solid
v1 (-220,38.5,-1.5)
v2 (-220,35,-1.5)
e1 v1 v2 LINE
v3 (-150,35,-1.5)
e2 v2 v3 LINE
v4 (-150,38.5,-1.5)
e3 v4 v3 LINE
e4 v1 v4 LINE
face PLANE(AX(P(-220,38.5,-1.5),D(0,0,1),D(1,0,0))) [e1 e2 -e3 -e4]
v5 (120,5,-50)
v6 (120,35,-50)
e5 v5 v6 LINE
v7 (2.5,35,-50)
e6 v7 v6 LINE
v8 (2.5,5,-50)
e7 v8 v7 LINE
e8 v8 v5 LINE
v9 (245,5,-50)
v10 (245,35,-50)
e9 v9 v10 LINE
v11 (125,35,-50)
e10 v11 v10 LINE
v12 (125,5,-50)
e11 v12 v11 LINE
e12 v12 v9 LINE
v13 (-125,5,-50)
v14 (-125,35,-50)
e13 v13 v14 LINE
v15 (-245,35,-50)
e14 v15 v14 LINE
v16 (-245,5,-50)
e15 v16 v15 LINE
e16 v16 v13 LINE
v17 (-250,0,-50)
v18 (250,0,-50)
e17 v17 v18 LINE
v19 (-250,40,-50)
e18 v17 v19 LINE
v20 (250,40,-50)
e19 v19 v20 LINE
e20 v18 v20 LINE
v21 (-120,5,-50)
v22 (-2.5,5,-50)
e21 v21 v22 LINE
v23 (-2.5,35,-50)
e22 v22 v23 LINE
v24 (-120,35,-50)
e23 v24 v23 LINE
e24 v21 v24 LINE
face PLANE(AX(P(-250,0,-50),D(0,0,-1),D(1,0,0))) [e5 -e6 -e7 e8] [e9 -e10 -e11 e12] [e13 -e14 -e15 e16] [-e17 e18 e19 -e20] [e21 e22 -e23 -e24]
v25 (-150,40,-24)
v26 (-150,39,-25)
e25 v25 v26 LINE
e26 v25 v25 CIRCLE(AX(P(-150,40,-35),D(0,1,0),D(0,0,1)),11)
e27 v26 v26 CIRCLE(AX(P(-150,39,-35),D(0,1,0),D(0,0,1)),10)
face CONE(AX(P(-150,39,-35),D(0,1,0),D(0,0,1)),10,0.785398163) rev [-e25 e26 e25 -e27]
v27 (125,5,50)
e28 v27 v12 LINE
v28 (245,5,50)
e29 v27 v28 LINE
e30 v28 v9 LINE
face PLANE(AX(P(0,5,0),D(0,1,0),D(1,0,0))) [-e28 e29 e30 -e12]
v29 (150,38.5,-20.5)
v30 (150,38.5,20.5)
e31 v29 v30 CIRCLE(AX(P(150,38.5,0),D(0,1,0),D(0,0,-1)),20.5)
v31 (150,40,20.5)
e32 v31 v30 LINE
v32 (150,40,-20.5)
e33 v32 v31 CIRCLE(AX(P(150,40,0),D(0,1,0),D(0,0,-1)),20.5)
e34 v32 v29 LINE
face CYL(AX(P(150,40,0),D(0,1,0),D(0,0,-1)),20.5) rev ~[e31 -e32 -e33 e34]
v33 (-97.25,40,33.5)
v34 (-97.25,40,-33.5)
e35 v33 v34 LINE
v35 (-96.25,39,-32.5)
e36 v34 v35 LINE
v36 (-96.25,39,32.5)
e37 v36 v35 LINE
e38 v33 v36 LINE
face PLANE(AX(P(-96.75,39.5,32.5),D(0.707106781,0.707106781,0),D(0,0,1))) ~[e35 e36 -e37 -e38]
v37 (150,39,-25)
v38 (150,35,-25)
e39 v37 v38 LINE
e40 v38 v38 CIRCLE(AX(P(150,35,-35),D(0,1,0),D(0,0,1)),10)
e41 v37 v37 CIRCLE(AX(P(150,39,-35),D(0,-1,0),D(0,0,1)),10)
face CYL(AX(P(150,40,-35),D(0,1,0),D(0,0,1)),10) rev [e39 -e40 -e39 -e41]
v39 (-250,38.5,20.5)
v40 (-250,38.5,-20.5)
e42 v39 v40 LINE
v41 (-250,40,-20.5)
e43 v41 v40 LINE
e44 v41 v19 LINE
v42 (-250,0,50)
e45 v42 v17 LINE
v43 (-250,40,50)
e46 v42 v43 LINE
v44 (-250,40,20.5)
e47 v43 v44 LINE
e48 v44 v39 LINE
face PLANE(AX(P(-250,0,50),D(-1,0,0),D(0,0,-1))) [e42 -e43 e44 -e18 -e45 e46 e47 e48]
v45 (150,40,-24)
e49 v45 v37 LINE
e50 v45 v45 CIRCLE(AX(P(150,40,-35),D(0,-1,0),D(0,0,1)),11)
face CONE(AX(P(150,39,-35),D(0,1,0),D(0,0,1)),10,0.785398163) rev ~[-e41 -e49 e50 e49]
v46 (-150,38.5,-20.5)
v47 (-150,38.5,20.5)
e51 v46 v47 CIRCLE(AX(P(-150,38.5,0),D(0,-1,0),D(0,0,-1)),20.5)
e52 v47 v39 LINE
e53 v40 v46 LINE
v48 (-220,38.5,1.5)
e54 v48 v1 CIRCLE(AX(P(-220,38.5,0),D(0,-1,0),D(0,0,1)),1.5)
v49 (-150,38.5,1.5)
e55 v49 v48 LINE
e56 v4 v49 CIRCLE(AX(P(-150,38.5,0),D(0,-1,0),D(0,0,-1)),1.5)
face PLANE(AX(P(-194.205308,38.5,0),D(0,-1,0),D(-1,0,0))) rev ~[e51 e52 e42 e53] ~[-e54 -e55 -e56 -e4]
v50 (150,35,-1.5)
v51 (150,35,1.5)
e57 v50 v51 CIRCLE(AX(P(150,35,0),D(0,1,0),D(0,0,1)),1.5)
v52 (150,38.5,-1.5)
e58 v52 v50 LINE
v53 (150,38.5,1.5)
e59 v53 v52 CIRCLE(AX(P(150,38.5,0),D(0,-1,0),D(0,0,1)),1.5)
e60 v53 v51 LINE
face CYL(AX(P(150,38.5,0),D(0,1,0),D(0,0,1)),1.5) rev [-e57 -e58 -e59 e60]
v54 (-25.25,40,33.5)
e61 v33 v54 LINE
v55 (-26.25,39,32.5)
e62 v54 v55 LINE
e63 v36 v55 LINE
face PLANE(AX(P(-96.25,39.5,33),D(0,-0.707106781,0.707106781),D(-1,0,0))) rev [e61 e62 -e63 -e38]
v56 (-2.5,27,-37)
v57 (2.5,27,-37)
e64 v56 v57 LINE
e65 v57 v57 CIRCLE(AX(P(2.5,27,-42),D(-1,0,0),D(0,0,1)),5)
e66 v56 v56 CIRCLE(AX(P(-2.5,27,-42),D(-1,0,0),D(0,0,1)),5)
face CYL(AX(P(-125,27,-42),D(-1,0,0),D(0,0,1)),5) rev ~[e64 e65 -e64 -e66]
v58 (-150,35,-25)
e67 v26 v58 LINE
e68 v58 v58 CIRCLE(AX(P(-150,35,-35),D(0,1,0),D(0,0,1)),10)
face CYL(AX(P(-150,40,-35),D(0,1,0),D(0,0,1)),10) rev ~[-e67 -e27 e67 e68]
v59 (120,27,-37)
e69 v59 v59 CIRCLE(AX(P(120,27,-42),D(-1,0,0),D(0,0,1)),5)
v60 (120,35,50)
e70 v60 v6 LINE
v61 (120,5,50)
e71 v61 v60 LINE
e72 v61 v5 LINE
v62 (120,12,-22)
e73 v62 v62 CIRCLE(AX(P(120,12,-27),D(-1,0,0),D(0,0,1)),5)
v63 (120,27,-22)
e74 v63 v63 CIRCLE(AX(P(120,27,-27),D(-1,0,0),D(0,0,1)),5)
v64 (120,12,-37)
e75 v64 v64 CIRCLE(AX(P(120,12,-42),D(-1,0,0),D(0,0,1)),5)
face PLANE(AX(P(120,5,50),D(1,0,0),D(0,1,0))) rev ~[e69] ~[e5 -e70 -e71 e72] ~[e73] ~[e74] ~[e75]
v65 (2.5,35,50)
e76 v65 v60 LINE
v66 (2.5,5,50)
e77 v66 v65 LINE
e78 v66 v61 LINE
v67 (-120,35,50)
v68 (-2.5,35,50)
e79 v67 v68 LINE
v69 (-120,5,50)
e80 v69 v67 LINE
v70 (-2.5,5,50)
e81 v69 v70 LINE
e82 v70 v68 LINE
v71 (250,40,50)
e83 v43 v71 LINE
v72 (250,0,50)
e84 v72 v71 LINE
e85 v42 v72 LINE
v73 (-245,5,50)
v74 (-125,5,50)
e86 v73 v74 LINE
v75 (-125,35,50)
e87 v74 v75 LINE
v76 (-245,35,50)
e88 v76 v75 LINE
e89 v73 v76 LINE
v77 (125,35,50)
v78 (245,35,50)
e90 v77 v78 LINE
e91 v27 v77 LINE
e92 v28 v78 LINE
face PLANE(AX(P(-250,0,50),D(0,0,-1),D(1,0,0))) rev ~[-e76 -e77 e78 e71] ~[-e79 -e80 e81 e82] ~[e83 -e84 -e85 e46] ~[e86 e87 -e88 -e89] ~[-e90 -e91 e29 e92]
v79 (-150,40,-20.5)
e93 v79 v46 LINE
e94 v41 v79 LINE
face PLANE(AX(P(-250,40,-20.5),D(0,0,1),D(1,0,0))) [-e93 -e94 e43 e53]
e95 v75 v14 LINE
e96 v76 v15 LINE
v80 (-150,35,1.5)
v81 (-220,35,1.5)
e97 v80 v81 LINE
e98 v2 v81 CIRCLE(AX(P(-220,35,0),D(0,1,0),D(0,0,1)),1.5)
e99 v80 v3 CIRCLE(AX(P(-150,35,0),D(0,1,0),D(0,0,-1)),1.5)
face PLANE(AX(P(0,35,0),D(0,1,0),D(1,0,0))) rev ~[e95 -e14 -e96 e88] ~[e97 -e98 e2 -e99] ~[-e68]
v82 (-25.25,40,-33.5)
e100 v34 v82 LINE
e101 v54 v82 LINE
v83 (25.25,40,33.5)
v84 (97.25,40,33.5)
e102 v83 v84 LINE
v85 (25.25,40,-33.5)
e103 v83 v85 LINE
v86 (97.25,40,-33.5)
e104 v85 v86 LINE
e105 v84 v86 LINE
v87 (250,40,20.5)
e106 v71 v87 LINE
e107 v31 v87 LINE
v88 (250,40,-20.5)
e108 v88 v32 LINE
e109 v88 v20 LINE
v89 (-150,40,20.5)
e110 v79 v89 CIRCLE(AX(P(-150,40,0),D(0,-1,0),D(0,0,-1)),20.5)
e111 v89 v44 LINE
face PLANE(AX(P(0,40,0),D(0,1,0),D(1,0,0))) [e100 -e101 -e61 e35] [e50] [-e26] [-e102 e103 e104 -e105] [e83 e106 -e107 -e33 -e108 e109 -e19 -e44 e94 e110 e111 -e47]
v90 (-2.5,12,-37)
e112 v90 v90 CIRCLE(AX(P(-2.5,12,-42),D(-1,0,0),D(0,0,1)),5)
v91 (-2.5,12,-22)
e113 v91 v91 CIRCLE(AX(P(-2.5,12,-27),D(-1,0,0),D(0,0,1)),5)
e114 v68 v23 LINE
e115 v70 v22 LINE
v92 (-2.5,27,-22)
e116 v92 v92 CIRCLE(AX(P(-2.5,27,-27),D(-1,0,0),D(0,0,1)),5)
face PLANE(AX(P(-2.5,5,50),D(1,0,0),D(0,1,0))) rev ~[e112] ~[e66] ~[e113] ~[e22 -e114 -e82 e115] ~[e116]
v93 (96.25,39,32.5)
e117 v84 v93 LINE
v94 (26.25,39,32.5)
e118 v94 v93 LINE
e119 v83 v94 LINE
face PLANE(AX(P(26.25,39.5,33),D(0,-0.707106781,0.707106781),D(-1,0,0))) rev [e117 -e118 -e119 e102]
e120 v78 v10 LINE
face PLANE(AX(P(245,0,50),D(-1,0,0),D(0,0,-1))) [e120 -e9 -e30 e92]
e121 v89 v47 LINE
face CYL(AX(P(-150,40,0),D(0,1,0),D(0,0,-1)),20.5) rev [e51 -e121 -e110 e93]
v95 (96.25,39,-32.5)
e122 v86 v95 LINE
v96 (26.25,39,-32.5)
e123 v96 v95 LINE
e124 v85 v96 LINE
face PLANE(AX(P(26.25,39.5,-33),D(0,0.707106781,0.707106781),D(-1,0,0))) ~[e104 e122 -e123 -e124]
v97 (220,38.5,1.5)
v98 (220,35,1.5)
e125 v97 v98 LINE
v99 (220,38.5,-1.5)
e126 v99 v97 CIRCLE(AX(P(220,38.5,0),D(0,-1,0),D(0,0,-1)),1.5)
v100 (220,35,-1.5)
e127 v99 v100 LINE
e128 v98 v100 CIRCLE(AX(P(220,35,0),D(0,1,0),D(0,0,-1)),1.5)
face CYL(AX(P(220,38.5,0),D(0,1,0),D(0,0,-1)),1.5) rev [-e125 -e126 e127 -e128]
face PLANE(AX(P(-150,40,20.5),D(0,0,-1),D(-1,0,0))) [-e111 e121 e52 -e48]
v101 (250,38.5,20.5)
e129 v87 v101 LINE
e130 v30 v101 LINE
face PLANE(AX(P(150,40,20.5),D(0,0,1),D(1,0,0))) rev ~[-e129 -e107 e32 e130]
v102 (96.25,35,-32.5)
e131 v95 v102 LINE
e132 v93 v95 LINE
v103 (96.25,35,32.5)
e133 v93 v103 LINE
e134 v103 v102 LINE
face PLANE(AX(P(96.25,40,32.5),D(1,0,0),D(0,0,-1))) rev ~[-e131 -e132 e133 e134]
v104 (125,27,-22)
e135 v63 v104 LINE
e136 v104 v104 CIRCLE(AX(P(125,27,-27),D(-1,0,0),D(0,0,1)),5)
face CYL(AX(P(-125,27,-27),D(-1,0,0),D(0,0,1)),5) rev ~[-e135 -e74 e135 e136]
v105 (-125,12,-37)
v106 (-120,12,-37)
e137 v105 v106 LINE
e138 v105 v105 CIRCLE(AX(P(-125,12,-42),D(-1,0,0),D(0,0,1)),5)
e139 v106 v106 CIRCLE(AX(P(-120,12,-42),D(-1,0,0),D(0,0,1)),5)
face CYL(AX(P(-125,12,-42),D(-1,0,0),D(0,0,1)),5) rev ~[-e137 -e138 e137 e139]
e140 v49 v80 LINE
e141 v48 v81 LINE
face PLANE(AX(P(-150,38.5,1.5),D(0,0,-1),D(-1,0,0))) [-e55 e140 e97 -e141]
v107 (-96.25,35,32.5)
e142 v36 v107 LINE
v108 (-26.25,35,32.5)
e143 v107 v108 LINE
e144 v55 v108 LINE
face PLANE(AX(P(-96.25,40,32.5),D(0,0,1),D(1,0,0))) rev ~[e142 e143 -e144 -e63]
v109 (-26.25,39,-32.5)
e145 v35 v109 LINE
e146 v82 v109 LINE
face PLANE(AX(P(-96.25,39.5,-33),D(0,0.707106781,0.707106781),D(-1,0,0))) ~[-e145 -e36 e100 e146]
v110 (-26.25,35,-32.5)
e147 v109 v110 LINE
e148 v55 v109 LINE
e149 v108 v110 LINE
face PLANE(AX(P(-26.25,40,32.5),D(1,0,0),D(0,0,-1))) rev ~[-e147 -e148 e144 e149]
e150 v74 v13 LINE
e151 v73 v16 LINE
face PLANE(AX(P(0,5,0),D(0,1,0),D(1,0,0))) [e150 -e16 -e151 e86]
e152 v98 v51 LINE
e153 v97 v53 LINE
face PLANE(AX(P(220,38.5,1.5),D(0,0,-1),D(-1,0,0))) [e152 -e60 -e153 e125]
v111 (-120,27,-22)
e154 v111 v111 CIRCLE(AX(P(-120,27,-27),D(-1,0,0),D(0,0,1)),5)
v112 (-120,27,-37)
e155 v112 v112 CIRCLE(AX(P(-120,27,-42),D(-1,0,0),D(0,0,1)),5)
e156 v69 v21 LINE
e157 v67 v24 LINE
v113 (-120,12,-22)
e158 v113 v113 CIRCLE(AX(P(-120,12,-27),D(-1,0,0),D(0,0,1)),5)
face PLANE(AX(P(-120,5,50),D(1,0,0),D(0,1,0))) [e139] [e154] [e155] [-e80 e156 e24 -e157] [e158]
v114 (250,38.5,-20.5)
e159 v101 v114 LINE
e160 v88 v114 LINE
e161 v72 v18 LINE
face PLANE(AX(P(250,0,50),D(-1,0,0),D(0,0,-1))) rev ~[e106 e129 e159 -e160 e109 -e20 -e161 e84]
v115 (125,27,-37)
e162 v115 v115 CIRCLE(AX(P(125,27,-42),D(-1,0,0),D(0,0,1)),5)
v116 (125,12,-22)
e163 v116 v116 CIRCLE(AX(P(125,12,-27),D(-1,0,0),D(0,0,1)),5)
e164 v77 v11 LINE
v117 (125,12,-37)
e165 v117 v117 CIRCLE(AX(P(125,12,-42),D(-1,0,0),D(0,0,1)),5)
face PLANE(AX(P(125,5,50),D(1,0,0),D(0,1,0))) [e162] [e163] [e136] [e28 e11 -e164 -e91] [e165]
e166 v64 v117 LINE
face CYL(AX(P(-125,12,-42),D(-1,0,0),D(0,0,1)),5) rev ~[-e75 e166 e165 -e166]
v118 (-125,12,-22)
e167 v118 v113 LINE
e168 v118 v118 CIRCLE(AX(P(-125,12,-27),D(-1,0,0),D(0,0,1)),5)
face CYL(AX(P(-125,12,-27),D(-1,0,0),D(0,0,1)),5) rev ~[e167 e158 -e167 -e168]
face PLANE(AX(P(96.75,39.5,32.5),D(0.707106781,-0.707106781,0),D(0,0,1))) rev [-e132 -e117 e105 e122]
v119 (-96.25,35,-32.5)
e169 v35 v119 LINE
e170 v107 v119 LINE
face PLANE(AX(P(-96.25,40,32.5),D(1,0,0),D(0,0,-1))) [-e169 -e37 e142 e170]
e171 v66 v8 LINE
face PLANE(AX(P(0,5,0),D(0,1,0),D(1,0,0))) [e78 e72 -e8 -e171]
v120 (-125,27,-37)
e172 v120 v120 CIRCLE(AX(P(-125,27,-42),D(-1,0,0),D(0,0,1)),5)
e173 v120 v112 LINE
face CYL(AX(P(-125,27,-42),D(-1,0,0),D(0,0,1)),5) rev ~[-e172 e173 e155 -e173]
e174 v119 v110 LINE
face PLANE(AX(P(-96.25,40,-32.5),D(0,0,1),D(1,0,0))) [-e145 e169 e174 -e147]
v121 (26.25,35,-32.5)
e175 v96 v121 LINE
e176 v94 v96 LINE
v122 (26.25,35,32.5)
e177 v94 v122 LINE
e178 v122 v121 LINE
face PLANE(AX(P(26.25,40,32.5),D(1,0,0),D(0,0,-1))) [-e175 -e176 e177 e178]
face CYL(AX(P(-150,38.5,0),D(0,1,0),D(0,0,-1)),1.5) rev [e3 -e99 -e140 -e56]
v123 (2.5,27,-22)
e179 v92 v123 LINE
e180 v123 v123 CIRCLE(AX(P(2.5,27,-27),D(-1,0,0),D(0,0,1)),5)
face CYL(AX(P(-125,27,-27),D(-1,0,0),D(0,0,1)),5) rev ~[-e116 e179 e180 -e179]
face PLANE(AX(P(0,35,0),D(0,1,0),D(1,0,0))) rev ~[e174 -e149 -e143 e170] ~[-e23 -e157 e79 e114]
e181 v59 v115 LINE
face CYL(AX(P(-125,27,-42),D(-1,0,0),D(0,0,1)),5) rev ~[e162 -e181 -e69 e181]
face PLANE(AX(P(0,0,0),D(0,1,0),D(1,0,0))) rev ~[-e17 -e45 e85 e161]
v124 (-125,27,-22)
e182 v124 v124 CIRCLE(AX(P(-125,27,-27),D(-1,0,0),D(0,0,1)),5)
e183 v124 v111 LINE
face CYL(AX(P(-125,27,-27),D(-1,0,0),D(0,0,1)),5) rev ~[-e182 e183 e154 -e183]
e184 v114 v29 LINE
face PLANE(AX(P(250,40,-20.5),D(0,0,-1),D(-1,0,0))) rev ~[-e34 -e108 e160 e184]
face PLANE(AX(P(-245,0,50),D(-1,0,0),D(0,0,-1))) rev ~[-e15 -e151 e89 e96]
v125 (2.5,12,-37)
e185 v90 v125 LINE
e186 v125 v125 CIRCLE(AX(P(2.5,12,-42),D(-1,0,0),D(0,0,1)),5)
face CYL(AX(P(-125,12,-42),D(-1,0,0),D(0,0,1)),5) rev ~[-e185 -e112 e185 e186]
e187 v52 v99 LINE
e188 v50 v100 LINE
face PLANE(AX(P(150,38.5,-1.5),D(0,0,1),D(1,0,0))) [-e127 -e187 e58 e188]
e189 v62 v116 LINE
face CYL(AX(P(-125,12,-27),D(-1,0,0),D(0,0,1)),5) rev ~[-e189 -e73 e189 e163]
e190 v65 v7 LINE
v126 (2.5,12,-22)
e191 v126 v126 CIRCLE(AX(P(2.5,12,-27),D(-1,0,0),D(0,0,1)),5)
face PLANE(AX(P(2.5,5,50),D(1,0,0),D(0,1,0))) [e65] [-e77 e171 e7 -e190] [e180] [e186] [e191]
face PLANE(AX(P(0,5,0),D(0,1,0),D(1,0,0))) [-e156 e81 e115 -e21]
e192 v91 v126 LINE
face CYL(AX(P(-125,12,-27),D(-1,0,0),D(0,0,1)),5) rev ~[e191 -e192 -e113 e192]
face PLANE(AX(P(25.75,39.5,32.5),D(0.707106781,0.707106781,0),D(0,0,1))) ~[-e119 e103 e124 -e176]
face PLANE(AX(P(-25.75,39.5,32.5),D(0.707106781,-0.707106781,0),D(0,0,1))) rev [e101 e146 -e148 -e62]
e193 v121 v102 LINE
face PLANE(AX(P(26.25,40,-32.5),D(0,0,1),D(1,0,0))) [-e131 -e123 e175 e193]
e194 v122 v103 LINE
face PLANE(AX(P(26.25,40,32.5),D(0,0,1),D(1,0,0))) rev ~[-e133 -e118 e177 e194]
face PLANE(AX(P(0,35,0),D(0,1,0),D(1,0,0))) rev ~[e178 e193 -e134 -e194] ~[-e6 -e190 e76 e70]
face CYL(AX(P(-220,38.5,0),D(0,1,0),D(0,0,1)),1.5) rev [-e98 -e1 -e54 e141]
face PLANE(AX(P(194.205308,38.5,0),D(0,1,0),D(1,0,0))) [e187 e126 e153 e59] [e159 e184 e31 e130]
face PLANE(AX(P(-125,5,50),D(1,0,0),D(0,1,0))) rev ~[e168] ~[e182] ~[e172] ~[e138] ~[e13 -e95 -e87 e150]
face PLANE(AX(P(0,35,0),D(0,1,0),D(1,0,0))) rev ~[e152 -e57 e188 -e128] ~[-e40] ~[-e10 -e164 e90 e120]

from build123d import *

# Parameters (mm, degrees)
CROQUIS1_W              = 500
CROQUIS1_H              = 100
SALIENTE_EXTRUIR1_DEPTH = 40
VACIADO1_T              = -5
CROQUIS2_W              = 2.5
CROQUIS2_H              = 30
SALIENTE_EXTRUIR2_DEPTH = 100
CORTAR_EXTRUIR1_DEPTH   = 1.5
CORTAR_EXTRUIR2_DEPTH   = 5
CROQUIS5_R              = 10
CORTAR_EXTRUIR3_DEPTH   = 22.5
CROQUIS6_R              = 5
CORTAR_EXTRUIR4_DEPTH   = 281.5
CROQUIS7_W              = 70
CROQUIS7_H              = 65
CORTAR_EXTRUIR5_DEPTH   = 5
CHAFL_N1_SIZE           = 1
CHAFL_N2_SIZE           = 1


with BuildPart() as part:
    # Croquis1 → Saliente-Extruir1 (new body)
    with BuildSketch(Plane(origin=(0, 0, 0), x_dir=(1, 0, 0), z_dir=(0, 1, 0))):
        Rectangle(CROQUIS1_W, CROQUIS1_H)
    extrude(amount=SALIENTE_EXTRUIR1_DEPTH)

    # Vaciado1
    vaciado1_openings = [part.faces().sort_by_distance(p)[0] for p in [
        (0, 20, -50),
        (0, 20, 50),
    ]]
    offset(amount=VACIADO1_T, openings=vaciado1_openings, kind=Kind.INTERSECTION)

    # Croquis2 → Saliente-Extruir2 (add)
    with BuildSketch(Plane.XY.offset(50)):
        with Locations((-123.75, 20)):
            Rectangle(CROQUIS2_W, CROQUIS2_H)
        with Locations((-121.25, 20)):
            Rectangle(CROQUIS2_W, CROQUIS2_H)
        with Locations((-1.25, 20)):
            Rectangle(CROQUIS2_W, CROQUIS2_H)
        with Locations((1.25, 20)):
            Rectangle(CROQUIS2_W, CROQUIS2_H)
        with Locations((121.25, 20)):
            Rectangle(CROQUIS2_W, CROQUIS2_H)
        with Locations((123.75, 20)):
            Rectangle(CROQUIS2_W, CROQUIS2_H)
    extrude(amount=-SALIENTE_EXTRUIR2_DEPTH)

    # Croquis3 → Cortar-Extruir1 (cut)
    with BuildSketch(Plane(origin=(0, 40, 0), x_dir=(1, 0, 0), z_dir=(0, 1, 0))):
        with BuildLine():
            Line((-250, 20.5), (-150, 20.5))
            ThreePointArc((-150, 20.5), (-129.5, 0), (-150, -20.5))
            Line((-150, -20.5), (-250, -20.5))
            Line((-250, -20.5), (-250, 20.5))
        make_face()
        with BuildLine():
            Line((250, 20.5), (150, 20.5))
            ThreePointArc((150, 20.5), (129.5, 0), (150, -20.5))
            Line((150, -20.5), (250, -20.5))
            Line((250, -20.5), (250, 20.5))
        make_face()
    extrude(amount=-CORTAR_EXTRUIR1_DEPTH, mode=Mode.SUBTRACT)

    # Croquis4 → Cortar-Extruir2 (cut)
    with BuildSketch(Plane(origin=(0, 38.5, 0), x_dir=(1, 0, 0), z_dir=(0, 1, 0))):
        with BuildLine():
            Line((-150, -1.5), (-220, -1.5))
            ThreePointArc((-220, -1.5), (-221.5, 0), (-220, 1.5))
            Line((-220, 1.5), (-150, 1.5))
            ThreePointArc((-150, 1.5), (-148.5, 0), (-150, -1.5))
        make_face()
        with BuildLine():
            Line((150, 1.5), (220, 1.5))
            ThreePointArc((220, 1.5), (221.5, 0), (220, -1.5))
            Line((220, -1.5), (150, -1.5))
            ThreePointArc((150, -1.5), (148.5, 0), (150, 1.5))
        make_face()
    extrude(amount=-CORTAR_EXTRUIR2_DEPTH, mode=Mode.SUBTRACT)

    # Croquis5 → Cortar-Extruir3 (cut)
    with BuildSketch(Plane(origin=(0, 40, 0), x_dir=(1, 0, 0), z_dir=(0, 1, 0))):
        with Locations(Location((-150, 35, 0), (0, 0, 270))):
            Circle(CROQUIS5_R)
    cortar_extruir3 = extrude(amount=-CORTAR_EXTRUIR3_DEPTH, mode=Mode.SUBTRACT)

    # Simetría1: Cortar-Extruir3 across plane
    add(cortar_extruir3.mirror(Plane(origin=(0, 0, 0), x_dir=(0, 0, 1), z_dir=(1, 0, 0))), mode=Mode.SUBTRACT)

    # Croquis6 → Cortar-Extruir4 (cut)
    with BuildSketch(Plane.ZY.offset(125)):
        with Locations((-42, 27)):
            Circle(CROQUIS6_R)
        with Locations((-27, 27)):
            Circle(CROQUIS6_R)
        with Locations((-27, 12)):
            Circle(CROQUIS6_R)
        with Locations((-42, 12)):
            Circle(CROQUIS6_R)
    extrude(amount=-CORTAR_EXTRUIR4_DEPTH, mode=Mode.SUBTRACT)

    # Croquis7 → Cortar-Extruir5 (cut)
    with BuildSketch(Plane(origin=(0, 40, 0), x_dir=(1, 0, 0), z_dir=(0, 1, 0))):
        with Locations((-61.25, 0)):
            Rectangle(CROQUIS7_W, CROQUIS7_H)
        with Locations((61.25, 0)):
            Rectangle(CROQUIS7_W, CROQUIS7_H)
    extrude(amount=-CORTAR_EXTRUIR5_DEPTH, mode=Mode.SUBTRACT)

    # Chaflán1
    chafl_n1_edges = [part.edges().sort_by_distance(p)[0] for p in [
        (-96.25, 40, 0),
        (-61.25, 40, 32.5),
        (-26.25, 40, 0),
        (-61.25, 40, -32.5),
        (61.25, 40, 32.5),
        (96.25, 40, 0),
        (61.25, 40, -32.5),
        (26.25, 40, 0),
    ]]
    chamfer(chafl_n1_edges, length=CHAFL_N1_SIZE)

    # Chaflán2
    chafl_n2_edges = [part.edges().sort_by_distance(p)[0] for p in [
        (-150, 40, -45),
        (150, 40, -45),
    ]]
    chamfer(chafl_n2_edges, length=CHAFL_N2_SIZE)


solid = part.part
